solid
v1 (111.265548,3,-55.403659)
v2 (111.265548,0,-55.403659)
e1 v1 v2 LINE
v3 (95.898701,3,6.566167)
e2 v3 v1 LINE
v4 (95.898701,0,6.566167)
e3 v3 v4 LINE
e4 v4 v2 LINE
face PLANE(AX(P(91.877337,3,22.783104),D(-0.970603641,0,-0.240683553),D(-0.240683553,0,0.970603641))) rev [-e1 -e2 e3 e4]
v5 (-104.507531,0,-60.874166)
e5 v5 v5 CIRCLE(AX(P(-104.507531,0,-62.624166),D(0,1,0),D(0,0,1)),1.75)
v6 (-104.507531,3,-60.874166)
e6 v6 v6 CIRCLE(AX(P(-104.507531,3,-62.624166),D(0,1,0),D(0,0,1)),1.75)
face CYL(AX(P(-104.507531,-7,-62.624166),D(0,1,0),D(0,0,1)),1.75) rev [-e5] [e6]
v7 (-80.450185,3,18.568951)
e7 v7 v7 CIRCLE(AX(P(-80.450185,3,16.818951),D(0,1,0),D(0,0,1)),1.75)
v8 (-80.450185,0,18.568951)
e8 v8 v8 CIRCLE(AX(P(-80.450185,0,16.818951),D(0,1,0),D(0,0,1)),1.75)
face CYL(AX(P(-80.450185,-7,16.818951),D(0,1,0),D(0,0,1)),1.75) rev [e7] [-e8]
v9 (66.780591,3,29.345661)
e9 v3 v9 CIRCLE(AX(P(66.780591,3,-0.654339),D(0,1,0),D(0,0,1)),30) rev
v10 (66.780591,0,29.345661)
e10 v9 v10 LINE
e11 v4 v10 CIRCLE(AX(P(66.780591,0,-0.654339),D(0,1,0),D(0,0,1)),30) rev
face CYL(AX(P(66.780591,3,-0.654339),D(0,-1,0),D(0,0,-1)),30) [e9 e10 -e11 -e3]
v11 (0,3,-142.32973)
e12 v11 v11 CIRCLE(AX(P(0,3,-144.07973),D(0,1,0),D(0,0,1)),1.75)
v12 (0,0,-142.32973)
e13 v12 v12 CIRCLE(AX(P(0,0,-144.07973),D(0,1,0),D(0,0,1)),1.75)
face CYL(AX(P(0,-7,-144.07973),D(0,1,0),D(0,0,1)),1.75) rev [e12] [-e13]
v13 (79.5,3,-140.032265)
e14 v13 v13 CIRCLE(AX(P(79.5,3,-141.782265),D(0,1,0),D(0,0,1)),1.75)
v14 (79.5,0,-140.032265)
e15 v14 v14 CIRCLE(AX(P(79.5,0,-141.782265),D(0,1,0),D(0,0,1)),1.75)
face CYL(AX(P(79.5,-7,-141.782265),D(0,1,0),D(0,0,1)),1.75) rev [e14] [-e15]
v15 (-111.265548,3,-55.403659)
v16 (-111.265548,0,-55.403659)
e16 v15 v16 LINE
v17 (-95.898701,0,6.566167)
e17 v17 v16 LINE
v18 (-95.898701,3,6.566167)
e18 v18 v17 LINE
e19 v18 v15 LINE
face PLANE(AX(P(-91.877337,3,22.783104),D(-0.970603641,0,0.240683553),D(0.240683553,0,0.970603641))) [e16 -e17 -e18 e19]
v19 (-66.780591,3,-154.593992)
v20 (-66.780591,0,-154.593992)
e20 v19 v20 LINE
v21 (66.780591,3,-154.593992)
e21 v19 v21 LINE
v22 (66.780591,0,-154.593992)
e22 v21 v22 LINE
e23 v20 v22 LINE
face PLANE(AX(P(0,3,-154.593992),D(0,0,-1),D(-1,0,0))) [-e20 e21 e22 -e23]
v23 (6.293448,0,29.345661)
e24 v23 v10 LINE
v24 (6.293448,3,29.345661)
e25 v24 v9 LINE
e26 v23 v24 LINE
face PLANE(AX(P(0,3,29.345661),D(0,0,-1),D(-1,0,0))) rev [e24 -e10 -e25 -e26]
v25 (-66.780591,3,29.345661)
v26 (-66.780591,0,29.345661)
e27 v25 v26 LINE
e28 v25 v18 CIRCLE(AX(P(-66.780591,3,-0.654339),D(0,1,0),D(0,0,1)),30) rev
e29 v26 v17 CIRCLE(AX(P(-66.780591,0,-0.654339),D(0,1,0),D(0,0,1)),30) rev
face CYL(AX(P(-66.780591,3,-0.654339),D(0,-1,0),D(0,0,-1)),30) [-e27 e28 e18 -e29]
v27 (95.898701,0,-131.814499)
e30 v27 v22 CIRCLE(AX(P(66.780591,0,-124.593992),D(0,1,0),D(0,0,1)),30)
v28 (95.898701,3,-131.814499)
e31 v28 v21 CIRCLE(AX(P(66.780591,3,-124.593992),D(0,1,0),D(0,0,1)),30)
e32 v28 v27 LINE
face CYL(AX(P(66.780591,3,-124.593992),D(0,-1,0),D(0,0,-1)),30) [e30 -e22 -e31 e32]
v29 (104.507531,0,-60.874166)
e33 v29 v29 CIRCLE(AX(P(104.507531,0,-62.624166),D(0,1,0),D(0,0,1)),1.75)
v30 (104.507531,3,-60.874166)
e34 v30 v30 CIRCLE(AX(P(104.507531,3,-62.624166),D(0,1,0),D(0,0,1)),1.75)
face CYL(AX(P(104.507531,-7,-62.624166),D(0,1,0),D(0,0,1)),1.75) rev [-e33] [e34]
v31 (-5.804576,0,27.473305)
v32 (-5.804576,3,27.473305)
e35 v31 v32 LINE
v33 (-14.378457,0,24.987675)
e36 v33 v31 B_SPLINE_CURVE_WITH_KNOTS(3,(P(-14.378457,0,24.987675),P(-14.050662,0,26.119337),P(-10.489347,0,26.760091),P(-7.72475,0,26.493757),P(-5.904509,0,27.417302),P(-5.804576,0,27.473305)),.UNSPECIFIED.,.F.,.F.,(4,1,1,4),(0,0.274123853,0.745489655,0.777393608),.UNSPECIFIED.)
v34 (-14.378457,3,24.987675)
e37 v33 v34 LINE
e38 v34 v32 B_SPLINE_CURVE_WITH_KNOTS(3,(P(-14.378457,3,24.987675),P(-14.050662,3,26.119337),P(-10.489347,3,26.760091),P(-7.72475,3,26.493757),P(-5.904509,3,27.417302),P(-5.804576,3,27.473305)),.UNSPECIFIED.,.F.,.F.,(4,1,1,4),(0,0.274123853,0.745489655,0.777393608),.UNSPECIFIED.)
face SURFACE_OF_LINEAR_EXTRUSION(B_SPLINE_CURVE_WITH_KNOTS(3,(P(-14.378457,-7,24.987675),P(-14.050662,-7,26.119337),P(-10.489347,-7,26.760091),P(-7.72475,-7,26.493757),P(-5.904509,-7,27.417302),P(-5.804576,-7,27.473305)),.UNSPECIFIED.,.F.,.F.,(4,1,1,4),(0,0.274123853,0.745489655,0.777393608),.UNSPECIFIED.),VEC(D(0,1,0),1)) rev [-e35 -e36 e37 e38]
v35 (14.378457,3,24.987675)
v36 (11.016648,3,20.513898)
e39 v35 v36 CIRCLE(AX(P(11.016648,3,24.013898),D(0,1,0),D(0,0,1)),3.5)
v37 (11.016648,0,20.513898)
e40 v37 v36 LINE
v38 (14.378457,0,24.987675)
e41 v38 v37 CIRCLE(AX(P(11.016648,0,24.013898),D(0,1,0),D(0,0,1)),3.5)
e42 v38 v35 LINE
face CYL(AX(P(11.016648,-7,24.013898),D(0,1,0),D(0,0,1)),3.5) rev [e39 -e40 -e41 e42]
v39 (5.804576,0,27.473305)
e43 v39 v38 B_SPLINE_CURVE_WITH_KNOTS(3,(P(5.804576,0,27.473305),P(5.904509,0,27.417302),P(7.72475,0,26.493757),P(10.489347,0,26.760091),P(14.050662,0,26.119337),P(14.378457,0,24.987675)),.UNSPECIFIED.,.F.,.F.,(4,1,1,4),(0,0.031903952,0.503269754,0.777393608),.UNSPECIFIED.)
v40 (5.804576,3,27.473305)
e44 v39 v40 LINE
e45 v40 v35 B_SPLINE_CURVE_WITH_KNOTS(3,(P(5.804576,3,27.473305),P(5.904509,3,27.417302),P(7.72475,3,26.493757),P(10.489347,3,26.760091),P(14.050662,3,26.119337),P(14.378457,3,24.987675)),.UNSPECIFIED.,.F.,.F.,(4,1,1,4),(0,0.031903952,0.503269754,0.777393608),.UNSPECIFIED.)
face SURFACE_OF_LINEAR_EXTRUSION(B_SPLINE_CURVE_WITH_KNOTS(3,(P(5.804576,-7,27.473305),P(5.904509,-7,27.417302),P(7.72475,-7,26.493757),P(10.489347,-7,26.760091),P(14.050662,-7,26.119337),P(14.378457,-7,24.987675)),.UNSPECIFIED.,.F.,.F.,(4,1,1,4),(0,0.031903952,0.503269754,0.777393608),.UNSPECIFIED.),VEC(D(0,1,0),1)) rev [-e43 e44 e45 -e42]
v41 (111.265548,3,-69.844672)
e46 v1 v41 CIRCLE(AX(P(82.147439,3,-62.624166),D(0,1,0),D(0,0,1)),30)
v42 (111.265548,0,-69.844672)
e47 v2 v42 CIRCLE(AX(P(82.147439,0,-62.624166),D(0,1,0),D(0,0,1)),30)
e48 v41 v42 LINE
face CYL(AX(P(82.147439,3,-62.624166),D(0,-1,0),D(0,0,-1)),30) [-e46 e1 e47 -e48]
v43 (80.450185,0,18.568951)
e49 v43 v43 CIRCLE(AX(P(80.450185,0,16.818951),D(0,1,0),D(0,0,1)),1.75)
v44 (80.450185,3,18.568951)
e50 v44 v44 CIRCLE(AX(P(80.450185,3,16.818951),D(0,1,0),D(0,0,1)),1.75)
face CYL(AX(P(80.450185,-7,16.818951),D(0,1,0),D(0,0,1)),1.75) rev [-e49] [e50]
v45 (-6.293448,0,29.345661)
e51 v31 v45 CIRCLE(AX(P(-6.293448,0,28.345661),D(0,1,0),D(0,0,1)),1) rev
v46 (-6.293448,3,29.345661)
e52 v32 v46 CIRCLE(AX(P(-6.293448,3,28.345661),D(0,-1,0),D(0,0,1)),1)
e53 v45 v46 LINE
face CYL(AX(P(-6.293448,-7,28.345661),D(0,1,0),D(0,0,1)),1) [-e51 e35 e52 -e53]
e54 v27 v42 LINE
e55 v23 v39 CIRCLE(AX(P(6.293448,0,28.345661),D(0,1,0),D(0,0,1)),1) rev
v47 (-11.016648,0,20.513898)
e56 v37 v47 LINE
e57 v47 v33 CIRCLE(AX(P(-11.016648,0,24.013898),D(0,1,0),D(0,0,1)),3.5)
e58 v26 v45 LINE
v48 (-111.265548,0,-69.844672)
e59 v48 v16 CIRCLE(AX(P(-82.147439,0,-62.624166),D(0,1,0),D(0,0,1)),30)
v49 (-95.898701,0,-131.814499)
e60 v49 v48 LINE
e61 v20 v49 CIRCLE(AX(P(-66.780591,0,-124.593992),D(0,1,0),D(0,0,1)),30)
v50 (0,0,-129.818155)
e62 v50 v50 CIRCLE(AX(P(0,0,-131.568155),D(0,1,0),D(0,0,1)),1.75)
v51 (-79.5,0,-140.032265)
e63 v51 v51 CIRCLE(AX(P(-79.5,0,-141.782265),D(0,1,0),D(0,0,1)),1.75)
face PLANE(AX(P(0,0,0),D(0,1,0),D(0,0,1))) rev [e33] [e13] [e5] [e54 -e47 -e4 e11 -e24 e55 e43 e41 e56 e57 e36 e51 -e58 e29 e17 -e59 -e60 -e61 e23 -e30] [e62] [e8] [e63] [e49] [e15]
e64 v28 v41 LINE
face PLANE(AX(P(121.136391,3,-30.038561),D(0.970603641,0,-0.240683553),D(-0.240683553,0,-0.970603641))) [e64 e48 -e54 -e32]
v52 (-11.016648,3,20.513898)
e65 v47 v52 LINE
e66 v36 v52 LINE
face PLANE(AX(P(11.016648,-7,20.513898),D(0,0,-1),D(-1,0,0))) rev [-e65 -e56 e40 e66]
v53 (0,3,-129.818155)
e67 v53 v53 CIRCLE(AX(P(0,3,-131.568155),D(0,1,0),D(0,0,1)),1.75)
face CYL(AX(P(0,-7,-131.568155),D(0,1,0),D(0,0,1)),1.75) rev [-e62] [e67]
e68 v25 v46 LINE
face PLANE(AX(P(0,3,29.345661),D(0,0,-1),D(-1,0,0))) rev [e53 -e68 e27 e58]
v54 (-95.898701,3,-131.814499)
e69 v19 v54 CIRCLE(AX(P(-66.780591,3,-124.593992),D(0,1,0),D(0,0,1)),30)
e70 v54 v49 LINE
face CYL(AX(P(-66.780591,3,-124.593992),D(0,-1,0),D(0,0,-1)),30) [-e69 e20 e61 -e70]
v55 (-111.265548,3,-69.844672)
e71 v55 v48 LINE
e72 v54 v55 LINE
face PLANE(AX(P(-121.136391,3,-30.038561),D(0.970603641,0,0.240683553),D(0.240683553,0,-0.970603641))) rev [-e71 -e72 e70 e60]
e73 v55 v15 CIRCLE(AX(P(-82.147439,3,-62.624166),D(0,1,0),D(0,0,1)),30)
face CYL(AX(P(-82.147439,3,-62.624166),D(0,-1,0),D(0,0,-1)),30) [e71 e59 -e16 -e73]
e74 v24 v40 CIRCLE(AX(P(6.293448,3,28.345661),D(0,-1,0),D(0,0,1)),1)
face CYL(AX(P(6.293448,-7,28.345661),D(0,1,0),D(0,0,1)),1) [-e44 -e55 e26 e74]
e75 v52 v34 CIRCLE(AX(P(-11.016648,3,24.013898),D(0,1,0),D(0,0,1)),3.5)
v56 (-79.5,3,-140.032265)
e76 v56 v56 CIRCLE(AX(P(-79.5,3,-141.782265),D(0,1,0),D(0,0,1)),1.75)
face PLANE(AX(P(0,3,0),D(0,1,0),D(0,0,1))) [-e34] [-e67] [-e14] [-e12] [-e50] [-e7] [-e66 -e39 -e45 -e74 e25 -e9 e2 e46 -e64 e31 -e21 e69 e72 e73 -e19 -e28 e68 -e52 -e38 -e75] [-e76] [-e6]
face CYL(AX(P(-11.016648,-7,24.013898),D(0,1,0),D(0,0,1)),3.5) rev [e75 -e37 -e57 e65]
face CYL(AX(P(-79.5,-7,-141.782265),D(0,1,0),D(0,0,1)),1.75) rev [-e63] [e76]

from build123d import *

# Parameters (mm, degrees)
EXTRUDE_1_DEPTH     = 3
SKETCH_2_R          = 1.75
CUT_EXTRUDE_1_DEPTH = 10
SKETCH_3_R          = 1.75
CUT_EXTRUDE_2_DEPTH = 10
SKETCH_4_R          = 1.75
CUT_EXTRUDE_3_DEPTH = 10
CUT_EXTRUDE_4_DEPTH = 10


with BuildPart() as part:
    # 草图1 → 凸台-拉伸1 (new body)
    with BuildSketch(Plane(origin=(0, 0, 0), x_dir=(1, 0, 0), z_dir=(0, 1, 0))):
        with BuildLine():
            Line((-66.78059141, 154.593992167), (66.78059141, 154.593992167))
            ThreePointArc((66.78059141, 154.593992167), (85.265515034, 148.222525736), (95.898700635, 131.814498742))
            Line((95.898700635, 131.814498742), (111.265547961, 69.844672358))
            ThreePointArc((111.265547961, 69.844672358), (112.147438737, 62.624165782), (111.265547961, 55.403659207))
            Line((111.265547961, 55.403659207), (95.898700635, -6.566167178))
            ThreePointArc((95.898700635, -6.566167178), (85.265515034, -22.974194171), (66.78059141, -29.345660602))
            Line((66.78059141, -29.345660602), (-66.78059141, -29.345660602))
            ThreePointArc((-66.78059141, -29.345660602), (-85.265515034, -22.974194171), (-95.898700635, -6.566167178))
            Line((-95.898700635, -6.566167178), (-111.265547961, 55.403659207))
            ThreePointArc((-111.265547961, 55.403659207), (-112.147438737, 62.624165782), (-111.265547961, 69.844672358))
            Line((-111.265547961, 69.844672358), (-95.898700635, 131.814498742))
            ThreePointArc((-95.898700635, 131.814498742), (-85.265515034, 148.222525736), (-66.78059141, 154.593992167))
        make_face()
    extrude(amount=EXTRUDE_1_DEPTH)

    # 草图2 → 切除-拉伸1 (cut)
    with BuildSketch(Plane(origin=(0, 3, 0), x_dir=(1, 0, 0), z_dir=(0, 1, 0))):
        with Locations(Location((-104.507530951, 62.624165782, 0), (0, 0, 270))):
            Circle(SKETCH_2_R)
        with Locations(Location((-80.450184708, -16.818951307, 0), (0, 0, 270))):
            Circle(SKETCH_2_R)
        with Locations(Location((104.507530951, 62.624165782, 0), (0, 0, 270))):
            Circle(SKETCH_2_R)
        with Locations(Location((80.450184708, -16.818951307, 0), (0, 0, 270))):
            Circle(SKETCH_2_R)
    extrude(amount=-CUT_EXTRUDE_1_DEPTH, mode=Mode.SUBTRACT)

    # 草图3 → 切除-拉伸2 (cut)
    with BuildSketch(Plane(origin=(0, 3, 0), x_dir=(1, 0, 0), z_dir=(0, 1, 0))):
        with Locations(Location((0, 131.568155221, 0), (0, 0, 270))):
            Circle(SKETCH_3_R)
        with Locations(Location((0, 144.079729864, 0), (0, 0, 270))):
            Circle(SKETCH_3_R)
    extrude(amount=-CUT_EXTRUDE_2_DEPTH, mode=Mode.SUBTRACT)

    # 草图4 → 切除-拉伸3 (cut)
    with BuildSketch(Plane(origin=(0, 3, 0), x_dir=(1, 0, 0), z_dir=(0, 1, 0))):
        with Locations(Location((-79.5, 141.78226533, 0), (0, 0, 270))):
            Circle(SKETCH_4_R)
        with Locations(Location((79.5, 141.78226533, 0), (0, 0, 270))):
            Circle(SKETCH_4_R)
    extrude(amount=-CUT_EXTRUDE_3_DEPTH, mode=Mode.SUBTRACT)

    # 草图5 → 切除-拉伸4 (cut)
    with BuildSketch(Plane(origin=(0, 3, 0), x_dir=(1, 0, 0), z_dir=(0, 1, 0))):
        with BuildLine():
            Line((11.016648097, -20.513898252), (-11.016648097, -20.513898252))
            ThreePointArc((-11.016648097, -20.513898252), (-13.814702514, -21.911306641), (-14.378457093, -24.987674549))
            add(Edge.make_bspline(
                [(-14.378457093, -24.987674549), (-14.050661547, -26.11933694), (-10.489346867, -26.76009099), (-7.724749574, -26.493757466), (-5.904508816, -27.417302496), (-5.804576355, -27.473305111)],
                knots=[0, 0, 0, 0, 0.274123853, 0.745489655, 0.777393608, 0.777393608, 0.777393608, 0.777393608], degree=3))
            ThreePointArc((-5.804576355, -27.473305111), (-5.325885634, -28.59829127), (-6.293448421, -29.345660602))
            Line((-6.293448421, -29.345660602), (6.293448421, -29.345660602))
            ThreePointArc((6.293448421, -29.345660602), (5.325885634, -28.59829127), (5.804576355, -27.473305111))
            add(Edge.make_bspline(
                [(5.804576355, -27.473305111), (5.904508816, -27.417302496), (7.724749574, -26.493757466), (10.489346867, -26.76009099), (14.050661547, -26.11933694), (14.378457093, -24.987674549)],
                knots=[0, 0, 0, 0, 0.031903952, 0.503269754, 0.777393608, 0.777393608, 0.777393608, 0.777393608], degree=3))
            ThreePointArc((14.378457093, -24.987674549), (13.814702514, -21.911306641), (11.016648097, -20.513898252))
        make_face()
    extrude(amount=-CUT_EXTRUDE_4_DEPTH, mode=Mode.SUBTRACT)


solid = part.part
